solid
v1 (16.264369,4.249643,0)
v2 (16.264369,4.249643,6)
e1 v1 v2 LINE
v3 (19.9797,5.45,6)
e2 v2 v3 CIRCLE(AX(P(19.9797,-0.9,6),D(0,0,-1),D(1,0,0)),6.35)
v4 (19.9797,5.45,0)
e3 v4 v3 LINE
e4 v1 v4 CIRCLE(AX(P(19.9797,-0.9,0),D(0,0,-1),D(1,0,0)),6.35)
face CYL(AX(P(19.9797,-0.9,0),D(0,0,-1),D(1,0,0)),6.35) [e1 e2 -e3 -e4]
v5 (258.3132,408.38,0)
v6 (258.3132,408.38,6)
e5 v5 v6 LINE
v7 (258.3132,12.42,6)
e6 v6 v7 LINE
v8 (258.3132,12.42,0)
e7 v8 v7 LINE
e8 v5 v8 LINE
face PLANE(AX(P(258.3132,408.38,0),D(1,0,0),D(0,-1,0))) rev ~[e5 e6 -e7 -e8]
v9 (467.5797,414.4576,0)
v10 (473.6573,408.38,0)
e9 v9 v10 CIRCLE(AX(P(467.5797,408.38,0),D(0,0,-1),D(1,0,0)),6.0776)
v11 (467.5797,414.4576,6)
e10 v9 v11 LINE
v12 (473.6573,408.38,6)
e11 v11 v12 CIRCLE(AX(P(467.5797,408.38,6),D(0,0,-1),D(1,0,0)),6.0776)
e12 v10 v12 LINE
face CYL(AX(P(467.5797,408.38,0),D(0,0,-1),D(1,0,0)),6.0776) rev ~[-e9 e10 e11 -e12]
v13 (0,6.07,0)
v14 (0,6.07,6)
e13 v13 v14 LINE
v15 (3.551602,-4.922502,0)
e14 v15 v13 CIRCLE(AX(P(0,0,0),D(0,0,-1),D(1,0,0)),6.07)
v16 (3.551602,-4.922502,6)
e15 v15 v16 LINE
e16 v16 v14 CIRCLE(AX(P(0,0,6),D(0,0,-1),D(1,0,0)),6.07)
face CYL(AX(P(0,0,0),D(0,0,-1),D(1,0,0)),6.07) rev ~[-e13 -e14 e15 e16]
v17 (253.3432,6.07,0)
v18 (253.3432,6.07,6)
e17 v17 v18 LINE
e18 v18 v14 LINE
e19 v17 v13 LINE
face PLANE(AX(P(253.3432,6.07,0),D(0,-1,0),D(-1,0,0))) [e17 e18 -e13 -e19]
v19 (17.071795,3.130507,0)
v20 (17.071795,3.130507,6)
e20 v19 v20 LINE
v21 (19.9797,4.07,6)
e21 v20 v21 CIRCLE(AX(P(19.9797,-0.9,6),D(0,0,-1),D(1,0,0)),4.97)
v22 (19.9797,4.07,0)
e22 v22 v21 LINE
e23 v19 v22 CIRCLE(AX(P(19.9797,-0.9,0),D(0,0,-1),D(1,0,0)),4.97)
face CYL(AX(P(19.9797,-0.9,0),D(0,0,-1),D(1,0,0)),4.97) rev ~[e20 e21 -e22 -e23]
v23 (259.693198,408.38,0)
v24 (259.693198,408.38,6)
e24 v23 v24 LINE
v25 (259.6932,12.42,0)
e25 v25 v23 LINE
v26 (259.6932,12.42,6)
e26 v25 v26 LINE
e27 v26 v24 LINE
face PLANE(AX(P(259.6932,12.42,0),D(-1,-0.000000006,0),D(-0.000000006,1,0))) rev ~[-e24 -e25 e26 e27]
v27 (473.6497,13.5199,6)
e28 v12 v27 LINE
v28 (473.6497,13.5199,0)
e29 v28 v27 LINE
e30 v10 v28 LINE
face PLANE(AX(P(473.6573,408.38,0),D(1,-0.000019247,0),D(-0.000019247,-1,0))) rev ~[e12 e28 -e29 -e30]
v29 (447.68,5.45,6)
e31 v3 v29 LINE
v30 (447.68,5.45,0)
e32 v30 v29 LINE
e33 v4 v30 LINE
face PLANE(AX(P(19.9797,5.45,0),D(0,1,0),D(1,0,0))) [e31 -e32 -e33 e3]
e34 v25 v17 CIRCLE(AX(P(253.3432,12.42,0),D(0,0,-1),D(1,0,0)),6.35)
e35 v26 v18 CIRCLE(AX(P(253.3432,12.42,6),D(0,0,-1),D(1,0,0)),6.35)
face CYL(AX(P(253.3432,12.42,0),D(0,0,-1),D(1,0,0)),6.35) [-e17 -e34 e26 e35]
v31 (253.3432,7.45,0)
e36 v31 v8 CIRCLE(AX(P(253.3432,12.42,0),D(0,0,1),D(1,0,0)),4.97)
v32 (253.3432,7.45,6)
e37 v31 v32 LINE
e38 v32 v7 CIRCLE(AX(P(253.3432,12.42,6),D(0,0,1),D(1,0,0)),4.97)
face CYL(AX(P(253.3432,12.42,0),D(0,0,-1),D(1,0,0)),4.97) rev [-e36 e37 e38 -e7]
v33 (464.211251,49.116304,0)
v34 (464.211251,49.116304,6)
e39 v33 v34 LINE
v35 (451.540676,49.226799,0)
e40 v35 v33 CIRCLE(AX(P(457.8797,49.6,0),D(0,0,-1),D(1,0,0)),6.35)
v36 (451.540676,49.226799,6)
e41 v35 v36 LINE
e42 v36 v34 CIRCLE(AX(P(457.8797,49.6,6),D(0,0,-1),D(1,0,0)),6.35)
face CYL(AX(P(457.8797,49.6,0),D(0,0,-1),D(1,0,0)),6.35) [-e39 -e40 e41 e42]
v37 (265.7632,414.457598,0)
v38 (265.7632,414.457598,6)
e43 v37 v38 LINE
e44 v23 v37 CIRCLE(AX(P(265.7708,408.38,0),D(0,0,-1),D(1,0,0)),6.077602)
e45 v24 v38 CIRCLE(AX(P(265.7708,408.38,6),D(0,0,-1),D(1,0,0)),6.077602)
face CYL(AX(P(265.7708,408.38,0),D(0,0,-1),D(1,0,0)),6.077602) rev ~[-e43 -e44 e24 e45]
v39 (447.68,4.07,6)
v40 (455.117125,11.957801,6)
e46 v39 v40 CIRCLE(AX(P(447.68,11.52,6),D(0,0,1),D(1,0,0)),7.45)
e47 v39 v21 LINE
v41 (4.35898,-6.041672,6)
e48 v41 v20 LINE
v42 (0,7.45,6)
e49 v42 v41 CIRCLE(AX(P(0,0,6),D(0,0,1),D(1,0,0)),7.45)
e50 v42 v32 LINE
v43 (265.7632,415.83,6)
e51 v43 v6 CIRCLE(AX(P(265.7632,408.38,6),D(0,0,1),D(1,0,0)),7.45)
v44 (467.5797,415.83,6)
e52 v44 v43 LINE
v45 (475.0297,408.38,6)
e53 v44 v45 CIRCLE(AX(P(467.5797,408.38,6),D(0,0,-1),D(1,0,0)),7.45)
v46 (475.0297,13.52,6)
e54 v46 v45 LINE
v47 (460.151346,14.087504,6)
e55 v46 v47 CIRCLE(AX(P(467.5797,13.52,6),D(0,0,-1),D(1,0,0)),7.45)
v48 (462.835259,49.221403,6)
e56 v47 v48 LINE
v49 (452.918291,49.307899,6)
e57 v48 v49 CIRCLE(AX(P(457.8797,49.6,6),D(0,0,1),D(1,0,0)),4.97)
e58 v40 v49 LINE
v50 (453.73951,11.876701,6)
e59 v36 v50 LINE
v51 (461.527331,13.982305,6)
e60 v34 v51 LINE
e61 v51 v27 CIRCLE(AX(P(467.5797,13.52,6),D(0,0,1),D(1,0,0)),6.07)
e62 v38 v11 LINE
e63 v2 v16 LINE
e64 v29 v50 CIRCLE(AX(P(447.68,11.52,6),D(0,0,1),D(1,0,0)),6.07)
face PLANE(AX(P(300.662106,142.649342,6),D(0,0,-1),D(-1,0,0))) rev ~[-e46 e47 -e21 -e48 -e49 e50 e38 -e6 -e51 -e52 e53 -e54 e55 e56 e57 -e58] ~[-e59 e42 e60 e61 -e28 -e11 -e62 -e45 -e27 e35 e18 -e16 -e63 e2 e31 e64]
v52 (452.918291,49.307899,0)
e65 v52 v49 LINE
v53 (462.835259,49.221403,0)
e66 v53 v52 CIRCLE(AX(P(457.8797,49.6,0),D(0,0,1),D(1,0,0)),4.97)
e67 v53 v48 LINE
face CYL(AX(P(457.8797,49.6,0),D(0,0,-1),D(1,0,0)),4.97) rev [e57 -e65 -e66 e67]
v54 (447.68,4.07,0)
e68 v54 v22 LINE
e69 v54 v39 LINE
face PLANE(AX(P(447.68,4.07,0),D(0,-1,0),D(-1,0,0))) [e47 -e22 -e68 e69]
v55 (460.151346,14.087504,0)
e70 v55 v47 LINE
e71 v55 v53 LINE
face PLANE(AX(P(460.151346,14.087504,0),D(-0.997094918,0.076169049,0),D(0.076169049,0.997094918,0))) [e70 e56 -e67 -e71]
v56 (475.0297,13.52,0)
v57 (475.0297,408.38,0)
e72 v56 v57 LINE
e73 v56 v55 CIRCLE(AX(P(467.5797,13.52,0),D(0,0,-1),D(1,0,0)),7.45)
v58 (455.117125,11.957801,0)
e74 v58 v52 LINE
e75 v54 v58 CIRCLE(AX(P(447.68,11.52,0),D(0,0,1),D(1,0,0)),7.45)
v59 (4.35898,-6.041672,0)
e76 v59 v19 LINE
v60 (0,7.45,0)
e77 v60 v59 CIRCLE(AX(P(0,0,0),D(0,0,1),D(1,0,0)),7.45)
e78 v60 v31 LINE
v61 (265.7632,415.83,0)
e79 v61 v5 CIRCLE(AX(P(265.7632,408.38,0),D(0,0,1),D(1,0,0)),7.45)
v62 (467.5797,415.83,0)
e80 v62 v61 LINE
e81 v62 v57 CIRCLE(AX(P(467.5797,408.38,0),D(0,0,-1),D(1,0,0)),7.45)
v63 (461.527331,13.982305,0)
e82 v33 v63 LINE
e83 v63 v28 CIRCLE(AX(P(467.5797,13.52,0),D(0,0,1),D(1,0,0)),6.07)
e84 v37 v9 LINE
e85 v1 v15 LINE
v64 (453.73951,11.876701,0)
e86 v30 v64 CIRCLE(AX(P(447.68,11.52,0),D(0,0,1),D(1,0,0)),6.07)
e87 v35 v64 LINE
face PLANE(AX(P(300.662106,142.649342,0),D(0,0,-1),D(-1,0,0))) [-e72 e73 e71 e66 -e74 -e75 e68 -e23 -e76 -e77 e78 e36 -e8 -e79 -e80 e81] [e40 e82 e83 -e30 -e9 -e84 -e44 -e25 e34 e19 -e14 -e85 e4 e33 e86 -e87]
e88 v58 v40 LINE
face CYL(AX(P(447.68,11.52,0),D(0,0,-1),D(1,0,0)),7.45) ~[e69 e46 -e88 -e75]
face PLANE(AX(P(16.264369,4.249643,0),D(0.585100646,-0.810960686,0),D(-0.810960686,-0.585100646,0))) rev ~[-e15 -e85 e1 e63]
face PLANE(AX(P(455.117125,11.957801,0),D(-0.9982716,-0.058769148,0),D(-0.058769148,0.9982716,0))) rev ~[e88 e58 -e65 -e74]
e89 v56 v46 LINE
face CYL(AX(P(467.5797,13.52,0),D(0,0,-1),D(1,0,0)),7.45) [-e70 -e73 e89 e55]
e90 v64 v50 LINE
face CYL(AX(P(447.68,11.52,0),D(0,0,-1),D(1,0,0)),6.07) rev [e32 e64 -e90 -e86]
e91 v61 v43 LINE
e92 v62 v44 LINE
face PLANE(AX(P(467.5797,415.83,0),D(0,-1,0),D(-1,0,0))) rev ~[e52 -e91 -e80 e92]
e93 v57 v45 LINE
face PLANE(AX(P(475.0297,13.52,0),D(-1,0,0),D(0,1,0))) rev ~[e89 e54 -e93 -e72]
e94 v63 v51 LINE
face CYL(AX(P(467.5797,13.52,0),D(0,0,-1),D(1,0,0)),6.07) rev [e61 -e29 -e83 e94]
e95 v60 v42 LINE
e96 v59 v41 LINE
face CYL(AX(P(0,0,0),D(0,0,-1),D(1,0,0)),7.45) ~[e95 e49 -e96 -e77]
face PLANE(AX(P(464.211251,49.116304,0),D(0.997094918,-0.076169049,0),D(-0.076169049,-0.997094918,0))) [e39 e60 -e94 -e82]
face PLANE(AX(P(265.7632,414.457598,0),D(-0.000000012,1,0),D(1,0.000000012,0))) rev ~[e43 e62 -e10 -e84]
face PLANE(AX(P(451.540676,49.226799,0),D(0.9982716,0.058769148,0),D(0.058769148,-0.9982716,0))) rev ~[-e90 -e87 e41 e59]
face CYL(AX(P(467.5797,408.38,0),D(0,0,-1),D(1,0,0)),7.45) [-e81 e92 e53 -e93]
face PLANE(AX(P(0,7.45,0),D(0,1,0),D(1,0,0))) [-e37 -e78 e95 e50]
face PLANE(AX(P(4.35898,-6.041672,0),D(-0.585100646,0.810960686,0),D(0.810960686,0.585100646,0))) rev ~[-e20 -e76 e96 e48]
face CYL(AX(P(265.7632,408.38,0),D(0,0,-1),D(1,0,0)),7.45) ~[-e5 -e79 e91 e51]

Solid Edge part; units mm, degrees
sketch "Sketch1" plane through (0, 0, 0) normal (0, 0, 1) x (1, 0, 0)
  line L0 (447.68, 4.07) -> (19.9797, 4.07)
  arc A0 (17.0718, 3.1305) -> (19.9797, 4.07) centre (19.9797, -0.9) cw
  line L1 (4.359, -6.0417) -> (17.0718, 3.1305)
  arc A1 (0, 7.45) -> (4.359, -6.0417) centre (0, 0) ccw
  line L2 (0, 7.45) -> (253.3432, 7.45)
  arc A2 (253.3432, 7.45) -> (258.3132, 12.42) centre (253.3432, 12.42) ccw
  line L3 (258.3132, 408.38) -> (258.3132, 12.42)
  arc A3 (265.7632, 415.83) -> (258.3132, 408.38) centre (265.7632, 408.38) ccw
  line L4 (467.5797, 415.83) -> (265.7632, 415.83)
  arc A4 (467.5797, 415.83) -> (475.0297, 408.38) centre (467.5797, 408.38) cw
  line L5 (475.0297, 13.52) -> (475.0297, 408.38)
  arc A5 (475.0297, 13.52) -> (460.1514, 14.0875) centre (467.5797, 13.52) cw
  line L6 (460.1514, 14.0875) -> (462.8353, 49.2214)
  arc A6 (462.8353, 49.2214) -> (452.9183, 49.3079) centre (457.8797, 49.6) ccw
  line L7 (455.1171, 11.9578) -> (452.9183, 49.3079)
  arc A7 (447.68, 4.07) -> (455.1171, 11.9578) centre (447.68, 11.52) ccw
  line L8 (19.9797, 5.45) -> (447.68, 5.45)
  arc A8 (447.68, 5.45) -> (453.7395, 11.8767) centre (447.68, 11.52) ccw
  line L9 (451.5407, 49.2268) -> (453.7395, 11.8767)
  arc A9 (451.5407, 49.2268) -> (464.2113, 49.1163) centre (457.8797, 49.6) cw
  line L10 (464.2113, 49.1163) -> (461.5274, 13.9823)
  arc A10 (461.5274, 13.9823) -> (473.6497, 13.5199) centre (467.5797, 13.52) ccw
  line L11 (473.6573, 408.38) -> (473.6497, 13.5199)
  arc A11 (467.5797, 414.4576) -> (473.6573, 408.38) centre (467.5797, 408.38) cw
  line L12 (265.7632, 414.4576) -> (467.5797, 414.4576)
  arc A12 (259.6932, 408.38) -> (265.7632, 414.4576) centre (265.7708, 408.38) cw
  line L13 (259.6932, 12.42) -> (259.6932, 408.38)
  arc A13 (259.6932, 12.42) -> (253.3432, 6.07) centre (253.3432, 12.42) cw
  line L14 (253.3432, 6.07) -> (0, 6.07)
  arc A14 (3.5516, -4.9225) -> (0, 6.07) centre (0, 0) cw
  line L15 (16.2644, 4.2496) -> (3.5516, -4.9225)
  arc A15 (16.2644, 4.2496) -> (19.9797, 5.45) centre (19.9797, -0.9) cw
extrude "Protrusion1" add sketch "Sketch1" along normal blind 6
properties material "Polyurethene"
